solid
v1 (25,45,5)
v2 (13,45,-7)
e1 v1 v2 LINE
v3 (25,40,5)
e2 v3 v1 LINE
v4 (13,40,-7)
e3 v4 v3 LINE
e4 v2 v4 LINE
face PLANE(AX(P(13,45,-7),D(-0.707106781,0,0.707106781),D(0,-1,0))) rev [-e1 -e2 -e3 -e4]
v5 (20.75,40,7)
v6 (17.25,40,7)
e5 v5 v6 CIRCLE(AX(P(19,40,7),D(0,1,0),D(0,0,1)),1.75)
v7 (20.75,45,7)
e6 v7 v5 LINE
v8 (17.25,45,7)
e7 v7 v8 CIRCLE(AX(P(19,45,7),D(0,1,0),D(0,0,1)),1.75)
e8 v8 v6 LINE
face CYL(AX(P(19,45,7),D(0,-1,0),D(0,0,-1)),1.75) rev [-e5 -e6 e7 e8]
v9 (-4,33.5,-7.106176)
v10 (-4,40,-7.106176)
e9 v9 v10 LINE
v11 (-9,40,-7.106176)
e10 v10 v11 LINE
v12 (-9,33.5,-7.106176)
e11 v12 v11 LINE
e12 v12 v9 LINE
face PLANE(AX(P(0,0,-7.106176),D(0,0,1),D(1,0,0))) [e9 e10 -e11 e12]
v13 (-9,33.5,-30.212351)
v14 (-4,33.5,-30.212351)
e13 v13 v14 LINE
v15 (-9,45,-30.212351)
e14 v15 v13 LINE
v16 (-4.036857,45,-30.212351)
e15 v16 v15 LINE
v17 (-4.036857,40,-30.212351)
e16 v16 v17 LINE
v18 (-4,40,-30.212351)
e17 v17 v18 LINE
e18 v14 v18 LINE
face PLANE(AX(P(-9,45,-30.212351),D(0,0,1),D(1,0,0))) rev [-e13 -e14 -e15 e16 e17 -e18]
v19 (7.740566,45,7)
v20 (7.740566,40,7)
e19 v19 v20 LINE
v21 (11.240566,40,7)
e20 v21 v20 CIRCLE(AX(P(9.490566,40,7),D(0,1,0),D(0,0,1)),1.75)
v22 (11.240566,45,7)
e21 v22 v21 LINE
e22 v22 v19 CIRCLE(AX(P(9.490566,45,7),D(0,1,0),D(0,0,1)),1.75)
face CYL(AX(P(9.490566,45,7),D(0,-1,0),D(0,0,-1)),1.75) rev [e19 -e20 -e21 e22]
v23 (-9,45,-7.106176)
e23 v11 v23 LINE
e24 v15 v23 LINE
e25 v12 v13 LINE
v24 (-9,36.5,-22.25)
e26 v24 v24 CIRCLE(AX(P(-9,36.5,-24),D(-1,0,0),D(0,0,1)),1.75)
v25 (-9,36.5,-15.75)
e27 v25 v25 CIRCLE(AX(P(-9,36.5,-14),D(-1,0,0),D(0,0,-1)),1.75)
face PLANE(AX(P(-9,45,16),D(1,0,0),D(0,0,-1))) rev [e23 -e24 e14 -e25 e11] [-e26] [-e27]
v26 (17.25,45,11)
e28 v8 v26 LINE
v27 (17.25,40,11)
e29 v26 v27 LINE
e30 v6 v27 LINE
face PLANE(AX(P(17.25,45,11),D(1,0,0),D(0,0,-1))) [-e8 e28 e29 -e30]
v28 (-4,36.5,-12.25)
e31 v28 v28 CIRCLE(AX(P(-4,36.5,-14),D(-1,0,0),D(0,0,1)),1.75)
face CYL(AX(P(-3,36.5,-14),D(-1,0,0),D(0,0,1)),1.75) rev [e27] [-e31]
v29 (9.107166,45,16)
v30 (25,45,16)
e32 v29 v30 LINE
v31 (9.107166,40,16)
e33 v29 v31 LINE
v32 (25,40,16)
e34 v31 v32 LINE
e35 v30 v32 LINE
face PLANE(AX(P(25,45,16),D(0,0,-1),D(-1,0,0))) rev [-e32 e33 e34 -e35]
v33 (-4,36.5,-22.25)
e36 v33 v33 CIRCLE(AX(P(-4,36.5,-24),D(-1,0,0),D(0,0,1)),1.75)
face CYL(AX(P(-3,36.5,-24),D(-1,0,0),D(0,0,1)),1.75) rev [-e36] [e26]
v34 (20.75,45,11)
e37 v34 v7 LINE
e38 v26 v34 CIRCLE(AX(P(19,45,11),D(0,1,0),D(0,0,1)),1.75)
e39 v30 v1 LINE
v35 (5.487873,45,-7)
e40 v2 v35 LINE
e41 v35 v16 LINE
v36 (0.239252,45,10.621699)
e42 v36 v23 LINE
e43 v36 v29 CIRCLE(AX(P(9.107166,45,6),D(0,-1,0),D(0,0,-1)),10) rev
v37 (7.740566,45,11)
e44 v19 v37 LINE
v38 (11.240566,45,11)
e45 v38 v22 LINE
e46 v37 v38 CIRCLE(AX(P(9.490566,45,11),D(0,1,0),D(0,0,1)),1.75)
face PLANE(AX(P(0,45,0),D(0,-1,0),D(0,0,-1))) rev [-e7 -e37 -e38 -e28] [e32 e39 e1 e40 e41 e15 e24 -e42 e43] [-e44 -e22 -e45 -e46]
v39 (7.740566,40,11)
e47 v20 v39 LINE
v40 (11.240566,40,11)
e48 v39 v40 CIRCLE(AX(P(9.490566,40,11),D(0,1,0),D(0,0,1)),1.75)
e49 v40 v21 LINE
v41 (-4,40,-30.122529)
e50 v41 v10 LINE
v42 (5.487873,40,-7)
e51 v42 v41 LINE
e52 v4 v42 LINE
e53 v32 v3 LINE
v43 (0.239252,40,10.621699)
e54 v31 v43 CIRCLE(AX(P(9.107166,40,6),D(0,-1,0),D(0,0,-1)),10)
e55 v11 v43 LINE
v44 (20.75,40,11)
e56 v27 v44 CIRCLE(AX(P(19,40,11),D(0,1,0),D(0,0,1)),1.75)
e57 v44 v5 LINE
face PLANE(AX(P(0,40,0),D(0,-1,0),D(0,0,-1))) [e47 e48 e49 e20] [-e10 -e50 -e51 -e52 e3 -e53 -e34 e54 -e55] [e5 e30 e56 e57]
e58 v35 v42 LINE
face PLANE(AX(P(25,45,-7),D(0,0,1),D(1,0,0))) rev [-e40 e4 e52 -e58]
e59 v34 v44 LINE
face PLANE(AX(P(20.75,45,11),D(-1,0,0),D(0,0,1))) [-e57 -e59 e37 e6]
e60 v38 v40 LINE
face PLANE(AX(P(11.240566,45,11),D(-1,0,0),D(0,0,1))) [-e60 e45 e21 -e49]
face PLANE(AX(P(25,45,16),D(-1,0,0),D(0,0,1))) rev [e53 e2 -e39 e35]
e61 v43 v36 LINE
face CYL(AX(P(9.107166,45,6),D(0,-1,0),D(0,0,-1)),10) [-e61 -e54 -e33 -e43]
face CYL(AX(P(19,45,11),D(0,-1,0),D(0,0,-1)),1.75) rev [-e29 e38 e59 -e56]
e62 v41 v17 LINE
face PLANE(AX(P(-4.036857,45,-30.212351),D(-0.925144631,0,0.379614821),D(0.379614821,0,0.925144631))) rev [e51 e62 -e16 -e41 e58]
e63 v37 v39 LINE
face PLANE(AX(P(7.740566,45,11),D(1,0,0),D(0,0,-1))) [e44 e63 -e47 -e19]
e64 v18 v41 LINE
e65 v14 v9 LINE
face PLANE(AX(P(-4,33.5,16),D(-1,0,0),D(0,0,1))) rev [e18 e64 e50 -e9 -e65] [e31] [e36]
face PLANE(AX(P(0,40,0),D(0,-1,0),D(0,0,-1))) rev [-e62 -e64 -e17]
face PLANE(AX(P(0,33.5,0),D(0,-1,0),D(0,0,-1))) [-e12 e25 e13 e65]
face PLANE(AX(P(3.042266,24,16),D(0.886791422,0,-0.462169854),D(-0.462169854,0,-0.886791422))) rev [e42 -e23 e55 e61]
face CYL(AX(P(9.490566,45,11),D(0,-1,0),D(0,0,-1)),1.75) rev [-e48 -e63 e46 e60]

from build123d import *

# Parameters (mm, degrees)
ESTRUSIONE_ESTRUSIONE8_DEPTH = 5
SCHIZZO19_W                  = 5
SCHIZZO19_H                  = 46.212351189
ESTRUSIONE_ESTRUSIONE9_DEPTH = 6.5
SCHIZZO20_R                  = 1.75
TAGLIO_ESTRUSIONE9_DEPTH     = 6
TAGLIO_ESTRUSIONE13_DEPTH    = 21
SCHIZZO26_W                  = 5
SCHIZZO26_H                  = 6.5
TAGLIO_ESTRUSIONE15_DEPTH    = 21
RACCORDO1_R                  = 10
SMUSSO1_SIZE                 = 12


with BuildPart() as part:
    # Schizzo18 → Estrusione-Estrusione8 (new body)
    with BuildSketch(Plane(origin=(0, 40, 0), x_dir=(1, 0, 0), z_dir=(0, 1, 0))):
        Polygon((25, -16), (-9, -16), (-9, 30.212351189), (-4.036856652, 30.212351189), (5.487873038, 7), (25, 7), align=None)
        with BuildLine():
            Line((17.25, -11), (17.25, -7))
            ThreePointArc((17.25, -7), (19, -5.25), (20.75, -7))
            Line((20.75, -7), (20.75, -11))
            ThreePointArc((20.75, -11), (19, -12.75), (17.25, -11))
        make_face(mode=Mode.SUBTRACT)
        with BuildLine():
            Line((7.74056589, -11), (7.74056589, -7))
            ThreePointArc((7.74056589, -7), (9.49056589, -5.25), (11.24056589, -7))
            Line((11.24056589, -7), (11.24056589, -11))
            ThreePointArc((11.24056589, -11), (9.49056589, -12.75), (7.74056589, -11))
        make_face(mode=Mode.SUBTRACT)
    extrude(amount=ESTRUSIONE_ESTRUSIONE8_DEPTH)

    # Schizzo19 → Estrusione-Estrusione9 (add)
    with BuildSketch(Plane.XZ.offset(-40)):
        with Locations((-6.5, -7.106175595)):
            Rectangle(SCHIZZO19_W, SCHIZZO19_H)
    extrude(amount=ESTRUSIONE_ESTRUSIONE9_DEPTH)

    # Schizzo20 → Taglio-Estrusione9 (cut)
    with BuildSketch(Plane.ZY.offset(9)):
        with Locations((-24, 36.5)):
            Circle(SCHIZZO20_R)
        with Locations((-14, 36.5)):
            Circle(SCHIZZO20_R)
    extrude(amount=-TAGLIO_ESTRUSIONE9_DEPTH, mode=Mode.SUBTRACT)

    # Schizzo24 → Taglio-Estrusione13 (cut)
    with BuildSketch(Plane(origin=(0, 45, 0), x_dir=(1, 0, 0), z_dir=(0, 1, 0))):
        Polygon((3.042265575, -16), (-9, 7.106175595), (-9, -16), align=None)
    extrude(amount=-TAGLIO_ESTRUSIONE13_DEPTH, mode=Mode.SUBTRACT)

    # Schizzo26 → Taglio-Estrusione15 (cut)
    with BuildSketch(Plane.XY.offset(-7.106175595)):
        with Locations((-6.5, 36.75)):
            Rectangle(SCHIZZO26_W, SCHIZZO26_H)
    extrude(amount=TAGLIO_ESTRUSIONE15_DEPTH, mode=Mode.SUBTRACT)

    # Raccordo1
    raccordo1_edges = [part.edges().sort_by_distance(p)[0] for p in [
        (3.042265575, 42.5, 16),
    ]]
    fillet(raccordo1_edges, radius=RACCORDO1_R)

    # Smusso1
    smusso1_edges = [part.edges().sort_by_distance(p)[0] for p in [
        (25, 42.5, -7),
    ]]
    chamfer(smusso1_edges, length=SMUSSO1_SIZE)


solid = part.part
